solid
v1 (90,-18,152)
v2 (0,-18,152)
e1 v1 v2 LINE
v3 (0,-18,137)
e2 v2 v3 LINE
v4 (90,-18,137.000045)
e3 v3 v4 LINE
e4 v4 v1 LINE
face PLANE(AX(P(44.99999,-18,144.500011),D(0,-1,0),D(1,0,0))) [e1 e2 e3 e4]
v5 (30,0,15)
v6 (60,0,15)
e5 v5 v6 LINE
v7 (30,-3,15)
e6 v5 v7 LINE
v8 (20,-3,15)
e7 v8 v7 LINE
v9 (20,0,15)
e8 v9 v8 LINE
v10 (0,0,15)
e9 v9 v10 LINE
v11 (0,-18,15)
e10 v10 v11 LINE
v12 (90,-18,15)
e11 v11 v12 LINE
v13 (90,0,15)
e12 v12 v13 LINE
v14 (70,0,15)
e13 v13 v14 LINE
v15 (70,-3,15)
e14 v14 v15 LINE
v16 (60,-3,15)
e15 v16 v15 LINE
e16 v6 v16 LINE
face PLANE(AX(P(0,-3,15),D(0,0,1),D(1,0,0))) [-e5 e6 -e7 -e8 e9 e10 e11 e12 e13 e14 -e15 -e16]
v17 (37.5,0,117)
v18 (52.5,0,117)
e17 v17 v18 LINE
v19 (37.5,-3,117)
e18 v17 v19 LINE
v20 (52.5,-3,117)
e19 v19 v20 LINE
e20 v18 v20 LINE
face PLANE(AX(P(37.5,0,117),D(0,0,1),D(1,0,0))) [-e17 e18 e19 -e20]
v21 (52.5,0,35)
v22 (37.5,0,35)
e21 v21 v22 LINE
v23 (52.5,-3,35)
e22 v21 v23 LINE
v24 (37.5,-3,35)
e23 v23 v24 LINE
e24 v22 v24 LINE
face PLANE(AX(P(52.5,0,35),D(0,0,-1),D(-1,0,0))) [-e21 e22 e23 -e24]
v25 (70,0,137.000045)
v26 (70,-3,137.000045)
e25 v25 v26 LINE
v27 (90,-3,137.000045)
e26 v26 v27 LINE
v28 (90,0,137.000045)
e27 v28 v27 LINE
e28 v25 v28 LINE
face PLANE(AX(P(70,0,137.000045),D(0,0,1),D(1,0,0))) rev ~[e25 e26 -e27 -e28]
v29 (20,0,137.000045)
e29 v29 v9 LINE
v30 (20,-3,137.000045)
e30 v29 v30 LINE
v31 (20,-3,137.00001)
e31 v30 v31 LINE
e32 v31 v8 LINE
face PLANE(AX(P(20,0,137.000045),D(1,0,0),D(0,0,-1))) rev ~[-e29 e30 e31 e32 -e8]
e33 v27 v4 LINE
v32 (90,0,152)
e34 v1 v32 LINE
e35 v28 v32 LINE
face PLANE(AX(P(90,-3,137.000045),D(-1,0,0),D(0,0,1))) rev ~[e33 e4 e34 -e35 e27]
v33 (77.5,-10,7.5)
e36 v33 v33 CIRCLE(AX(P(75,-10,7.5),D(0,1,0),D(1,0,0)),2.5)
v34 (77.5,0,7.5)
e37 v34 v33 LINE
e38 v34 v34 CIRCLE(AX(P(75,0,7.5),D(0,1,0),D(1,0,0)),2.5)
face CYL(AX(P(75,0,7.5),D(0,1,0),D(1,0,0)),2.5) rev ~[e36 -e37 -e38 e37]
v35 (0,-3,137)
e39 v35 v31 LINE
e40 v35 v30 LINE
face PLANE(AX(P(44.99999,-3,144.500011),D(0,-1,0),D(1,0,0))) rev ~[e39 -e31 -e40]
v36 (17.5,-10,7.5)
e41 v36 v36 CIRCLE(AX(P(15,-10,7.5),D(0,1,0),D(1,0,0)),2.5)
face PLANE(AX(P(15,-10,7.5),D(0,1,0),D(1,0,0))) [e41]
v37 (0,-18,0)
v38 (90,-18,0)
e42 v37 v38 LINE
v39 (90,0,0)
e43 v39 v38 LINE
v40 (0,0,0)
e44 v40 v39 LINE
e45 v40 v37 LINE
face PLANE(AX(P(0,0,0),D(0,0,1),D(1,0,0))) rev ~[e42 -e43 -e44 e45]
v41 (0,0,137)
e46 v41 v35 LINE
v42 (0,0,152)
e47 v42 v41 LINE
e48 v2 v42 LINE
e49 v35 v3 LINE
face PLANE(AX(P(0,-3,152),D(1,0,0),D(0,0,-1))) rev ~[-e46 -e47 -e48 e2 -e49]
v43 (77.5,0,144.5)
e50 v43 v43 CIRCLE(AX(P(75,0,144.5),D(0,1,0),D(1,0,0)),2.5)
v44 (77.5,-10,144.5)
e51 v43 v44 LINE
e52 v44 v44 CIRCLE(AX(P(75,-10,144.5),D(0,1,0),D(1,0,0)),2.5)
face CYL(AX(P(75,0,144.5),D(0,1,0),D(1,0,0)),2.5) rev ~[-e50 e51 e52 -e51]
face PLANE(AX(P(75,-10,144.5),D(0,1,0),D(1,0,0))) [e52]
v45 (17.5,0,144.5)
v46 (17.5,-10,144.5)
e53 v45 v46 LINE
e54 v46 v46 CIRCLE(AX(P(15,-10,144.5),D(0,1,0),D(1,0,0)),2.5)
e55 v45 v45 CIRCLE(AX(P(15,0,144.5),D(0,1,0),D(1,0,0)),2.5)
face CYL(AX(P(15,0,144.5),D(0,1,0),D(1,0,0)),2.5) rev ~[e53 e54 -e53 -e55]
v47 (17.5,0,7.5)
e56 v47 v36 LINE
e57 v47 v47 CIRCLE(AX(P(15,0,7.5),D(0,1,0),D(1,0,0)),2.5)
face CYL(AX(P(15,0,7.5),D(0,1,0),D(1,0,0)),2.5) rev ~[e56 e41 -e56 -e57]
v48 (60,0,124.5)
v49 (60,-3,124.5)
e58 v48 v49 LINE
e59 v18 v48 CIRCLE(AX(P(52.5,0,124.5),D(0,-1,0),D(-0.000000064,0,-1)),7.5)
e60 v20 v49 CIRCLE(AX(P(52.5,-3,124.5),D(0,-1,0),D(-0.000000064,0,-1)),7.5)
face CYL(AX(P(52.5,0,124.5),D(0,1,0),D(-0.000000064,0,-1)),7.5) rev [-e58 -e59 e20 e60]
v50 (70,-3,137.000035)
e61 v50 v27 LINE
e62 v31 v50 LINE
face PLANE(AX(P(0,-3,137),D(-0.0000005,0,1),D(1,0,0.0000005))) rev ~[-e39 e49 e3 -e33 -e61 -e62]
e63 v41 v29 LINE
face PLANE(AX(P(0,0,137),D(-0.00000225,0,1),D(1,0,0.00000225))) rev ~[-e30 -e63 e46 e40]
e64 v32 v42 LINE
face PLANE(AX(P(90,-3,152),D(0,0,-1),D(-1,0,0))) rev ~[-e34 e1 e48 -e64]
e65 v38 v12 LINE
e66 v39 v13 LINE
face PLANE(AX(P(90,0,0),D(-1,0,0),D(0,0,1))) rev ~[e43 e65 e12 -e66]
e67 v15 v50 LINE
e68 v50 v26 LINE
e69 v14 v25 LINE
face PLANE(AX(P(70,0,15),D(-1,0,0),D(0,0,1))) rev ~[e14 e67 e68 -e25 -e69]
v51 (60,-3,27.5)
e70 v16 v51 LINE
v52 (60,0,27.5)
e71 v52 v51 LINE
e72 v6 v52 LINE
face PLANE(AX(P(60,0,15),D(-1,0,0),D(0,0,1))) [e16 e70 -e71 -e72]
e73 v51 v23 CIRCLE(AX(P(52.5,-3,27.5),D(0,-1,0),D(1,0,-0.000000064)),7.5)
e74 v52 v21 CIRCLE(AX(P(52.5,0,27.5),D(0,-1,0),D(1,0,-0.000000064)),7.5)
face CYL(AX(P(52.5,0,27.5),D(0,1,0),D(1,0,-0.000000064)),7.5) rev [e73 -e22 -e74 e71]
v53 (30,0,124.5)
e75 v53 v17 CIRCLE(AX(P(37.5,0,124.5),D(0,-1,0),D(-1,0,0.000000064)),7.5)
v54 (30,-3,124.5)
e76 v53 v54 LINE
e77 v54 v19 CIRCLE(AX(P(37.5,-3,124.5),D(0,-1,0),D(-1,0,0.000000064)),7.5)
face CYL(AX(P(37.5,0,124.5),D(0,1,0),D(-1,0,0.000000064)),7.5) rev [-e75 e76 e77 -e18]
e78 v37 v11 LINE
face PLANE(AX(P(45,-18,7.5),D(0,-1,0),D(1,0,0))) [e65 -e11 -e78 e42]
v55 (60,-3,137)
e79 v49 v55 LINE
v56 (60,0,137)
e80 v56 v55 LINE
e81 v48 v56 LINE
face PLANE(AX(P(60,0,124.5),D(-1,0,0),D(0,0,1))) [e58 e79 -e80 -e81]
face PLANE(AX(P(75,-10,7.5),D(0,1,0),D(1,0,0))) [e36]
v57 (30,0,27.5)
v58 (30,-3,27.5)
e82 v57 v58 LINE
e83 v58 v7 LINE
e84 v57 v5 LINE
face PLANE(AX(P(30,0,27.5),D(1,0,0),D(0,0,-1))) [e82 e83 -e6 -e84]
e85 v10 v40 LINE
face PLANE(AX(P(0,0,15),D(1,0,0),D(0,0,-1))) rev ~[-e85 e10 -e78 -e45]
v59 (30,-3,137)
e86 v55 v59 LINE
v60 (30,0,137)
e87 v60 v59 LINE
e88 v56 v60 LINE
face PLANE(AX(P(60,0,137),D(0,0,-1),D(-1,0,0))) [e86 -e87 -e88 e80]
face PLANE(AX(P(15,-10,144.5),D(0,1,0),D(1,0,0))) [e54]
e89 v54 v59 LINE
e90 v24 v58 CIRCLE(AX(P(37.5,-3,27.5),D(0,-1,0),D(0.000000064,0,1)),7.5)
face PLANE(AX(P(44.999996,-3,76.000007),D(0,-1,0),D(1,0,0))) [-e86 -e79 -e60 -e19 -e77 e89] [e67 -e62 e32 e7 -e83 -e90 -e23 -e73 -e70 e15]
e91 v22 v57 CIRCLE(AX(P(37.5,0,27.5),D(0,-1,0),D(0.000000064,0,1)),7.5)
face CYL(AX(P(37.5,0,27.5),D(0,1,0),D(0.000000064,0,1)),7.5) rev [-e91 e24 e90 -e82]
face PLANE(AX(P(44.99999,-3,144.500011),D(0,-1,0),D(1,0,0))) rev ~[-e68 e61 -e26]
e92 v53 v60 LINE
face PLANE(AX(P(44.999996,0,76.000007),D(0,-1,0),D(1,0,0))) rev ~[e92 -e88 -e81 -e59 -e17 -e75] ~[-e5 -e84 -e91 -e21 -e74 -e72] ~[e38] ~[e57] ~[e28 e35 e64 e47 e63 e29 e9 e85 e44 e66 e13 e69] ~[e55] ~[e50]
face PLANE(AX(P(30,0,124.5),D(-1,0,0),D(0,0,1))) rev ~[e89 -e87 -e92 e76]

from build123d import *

# Parameters (mm, degrees)
PAD_DEPTH    = 3
SKETCH001_W  = 90
SKETCH001_H  = 15
PAD001_DEPTH = 15
SKETCH002_R  = 2.5
POCKET_DEPTH = 10


with BuildPart() as part:
    # Sketch → Pad (new body)
    with BuildSketch(Plane.XZ):
        Polygon((0, 152), (0, 137), (20, 137.000045), (20, 15), (0, 15), (0, 0), (90, 0), (90, 15), (70, 15), (70, 137.000045), (90, 137.000045), (90, 152), align=None)
        with BuildLine():
            ThreePointArc((30, 124.5), (32.196699, 119.196699), (37.5, 117))
            Line((37.5, 117), (52.5, 117))
            ThreePointArc((52.5, 117), (57.803301, 119.196699), (60, 124.5))
            Line((60, 124.5), (60, 137))
            Line((60, 137), (30, 137))
            Line((30, 124.5), (30, 137))
        make_face(mode=Mode.SUBTRACT)
        with BuildLine():
            ThreePointArc((37.5, 35), (32.196699, 32.803301), (30, 27.5))
            Line((30, 27.5), (30, 15))
            Line((30, 15), (60, 15))
            Line((60, 15), (60, 27.5))
            ThreePointArc((60, 27.5), (57.803301, 32.803301), (52.5, 35))
            Line((52.5, 35), (37.5, 35))
        make_face(mode=Mode.SUBTRACT)
    extrude(amount=PAD_DEPTH)

    # Sketch001 (on Face26 of Pad) → Pad001 (join)
    with BuildSketch(Plane.XZ.offset(3)):
        Polygon((0, 152), (0, 137), (90, 137.000045), (90, 152), align=None)
        with Locations((45, 7.5)):
            Rectangle(SKETCH001_W, SKETCH001_H)
    extrude(amount=PAD001_DEPTH)

    # Sketch002 (on Face2 of Pad001) → Pocket (cut)
    with BuildSketch(Plane(origin=(0, 0, 0), x_dir=(1, 0, 0), z_dir=(0, 1, 0))):
        with Locations((15, -7.5)):
            Circle(SKETCH002_R)
        with Locations((75, -7.5)):
            Circle(SKETCH002_R)
        with Locations((75, -144.5)):
            Circle(SKETCH002_R)
        with Locations((15, -144.5)):
            Circle(SKETCH002_R)
    extrude(amount=-POCKET_DEPTH, mode=Mode.SUBTRACT)


solid = part.part
